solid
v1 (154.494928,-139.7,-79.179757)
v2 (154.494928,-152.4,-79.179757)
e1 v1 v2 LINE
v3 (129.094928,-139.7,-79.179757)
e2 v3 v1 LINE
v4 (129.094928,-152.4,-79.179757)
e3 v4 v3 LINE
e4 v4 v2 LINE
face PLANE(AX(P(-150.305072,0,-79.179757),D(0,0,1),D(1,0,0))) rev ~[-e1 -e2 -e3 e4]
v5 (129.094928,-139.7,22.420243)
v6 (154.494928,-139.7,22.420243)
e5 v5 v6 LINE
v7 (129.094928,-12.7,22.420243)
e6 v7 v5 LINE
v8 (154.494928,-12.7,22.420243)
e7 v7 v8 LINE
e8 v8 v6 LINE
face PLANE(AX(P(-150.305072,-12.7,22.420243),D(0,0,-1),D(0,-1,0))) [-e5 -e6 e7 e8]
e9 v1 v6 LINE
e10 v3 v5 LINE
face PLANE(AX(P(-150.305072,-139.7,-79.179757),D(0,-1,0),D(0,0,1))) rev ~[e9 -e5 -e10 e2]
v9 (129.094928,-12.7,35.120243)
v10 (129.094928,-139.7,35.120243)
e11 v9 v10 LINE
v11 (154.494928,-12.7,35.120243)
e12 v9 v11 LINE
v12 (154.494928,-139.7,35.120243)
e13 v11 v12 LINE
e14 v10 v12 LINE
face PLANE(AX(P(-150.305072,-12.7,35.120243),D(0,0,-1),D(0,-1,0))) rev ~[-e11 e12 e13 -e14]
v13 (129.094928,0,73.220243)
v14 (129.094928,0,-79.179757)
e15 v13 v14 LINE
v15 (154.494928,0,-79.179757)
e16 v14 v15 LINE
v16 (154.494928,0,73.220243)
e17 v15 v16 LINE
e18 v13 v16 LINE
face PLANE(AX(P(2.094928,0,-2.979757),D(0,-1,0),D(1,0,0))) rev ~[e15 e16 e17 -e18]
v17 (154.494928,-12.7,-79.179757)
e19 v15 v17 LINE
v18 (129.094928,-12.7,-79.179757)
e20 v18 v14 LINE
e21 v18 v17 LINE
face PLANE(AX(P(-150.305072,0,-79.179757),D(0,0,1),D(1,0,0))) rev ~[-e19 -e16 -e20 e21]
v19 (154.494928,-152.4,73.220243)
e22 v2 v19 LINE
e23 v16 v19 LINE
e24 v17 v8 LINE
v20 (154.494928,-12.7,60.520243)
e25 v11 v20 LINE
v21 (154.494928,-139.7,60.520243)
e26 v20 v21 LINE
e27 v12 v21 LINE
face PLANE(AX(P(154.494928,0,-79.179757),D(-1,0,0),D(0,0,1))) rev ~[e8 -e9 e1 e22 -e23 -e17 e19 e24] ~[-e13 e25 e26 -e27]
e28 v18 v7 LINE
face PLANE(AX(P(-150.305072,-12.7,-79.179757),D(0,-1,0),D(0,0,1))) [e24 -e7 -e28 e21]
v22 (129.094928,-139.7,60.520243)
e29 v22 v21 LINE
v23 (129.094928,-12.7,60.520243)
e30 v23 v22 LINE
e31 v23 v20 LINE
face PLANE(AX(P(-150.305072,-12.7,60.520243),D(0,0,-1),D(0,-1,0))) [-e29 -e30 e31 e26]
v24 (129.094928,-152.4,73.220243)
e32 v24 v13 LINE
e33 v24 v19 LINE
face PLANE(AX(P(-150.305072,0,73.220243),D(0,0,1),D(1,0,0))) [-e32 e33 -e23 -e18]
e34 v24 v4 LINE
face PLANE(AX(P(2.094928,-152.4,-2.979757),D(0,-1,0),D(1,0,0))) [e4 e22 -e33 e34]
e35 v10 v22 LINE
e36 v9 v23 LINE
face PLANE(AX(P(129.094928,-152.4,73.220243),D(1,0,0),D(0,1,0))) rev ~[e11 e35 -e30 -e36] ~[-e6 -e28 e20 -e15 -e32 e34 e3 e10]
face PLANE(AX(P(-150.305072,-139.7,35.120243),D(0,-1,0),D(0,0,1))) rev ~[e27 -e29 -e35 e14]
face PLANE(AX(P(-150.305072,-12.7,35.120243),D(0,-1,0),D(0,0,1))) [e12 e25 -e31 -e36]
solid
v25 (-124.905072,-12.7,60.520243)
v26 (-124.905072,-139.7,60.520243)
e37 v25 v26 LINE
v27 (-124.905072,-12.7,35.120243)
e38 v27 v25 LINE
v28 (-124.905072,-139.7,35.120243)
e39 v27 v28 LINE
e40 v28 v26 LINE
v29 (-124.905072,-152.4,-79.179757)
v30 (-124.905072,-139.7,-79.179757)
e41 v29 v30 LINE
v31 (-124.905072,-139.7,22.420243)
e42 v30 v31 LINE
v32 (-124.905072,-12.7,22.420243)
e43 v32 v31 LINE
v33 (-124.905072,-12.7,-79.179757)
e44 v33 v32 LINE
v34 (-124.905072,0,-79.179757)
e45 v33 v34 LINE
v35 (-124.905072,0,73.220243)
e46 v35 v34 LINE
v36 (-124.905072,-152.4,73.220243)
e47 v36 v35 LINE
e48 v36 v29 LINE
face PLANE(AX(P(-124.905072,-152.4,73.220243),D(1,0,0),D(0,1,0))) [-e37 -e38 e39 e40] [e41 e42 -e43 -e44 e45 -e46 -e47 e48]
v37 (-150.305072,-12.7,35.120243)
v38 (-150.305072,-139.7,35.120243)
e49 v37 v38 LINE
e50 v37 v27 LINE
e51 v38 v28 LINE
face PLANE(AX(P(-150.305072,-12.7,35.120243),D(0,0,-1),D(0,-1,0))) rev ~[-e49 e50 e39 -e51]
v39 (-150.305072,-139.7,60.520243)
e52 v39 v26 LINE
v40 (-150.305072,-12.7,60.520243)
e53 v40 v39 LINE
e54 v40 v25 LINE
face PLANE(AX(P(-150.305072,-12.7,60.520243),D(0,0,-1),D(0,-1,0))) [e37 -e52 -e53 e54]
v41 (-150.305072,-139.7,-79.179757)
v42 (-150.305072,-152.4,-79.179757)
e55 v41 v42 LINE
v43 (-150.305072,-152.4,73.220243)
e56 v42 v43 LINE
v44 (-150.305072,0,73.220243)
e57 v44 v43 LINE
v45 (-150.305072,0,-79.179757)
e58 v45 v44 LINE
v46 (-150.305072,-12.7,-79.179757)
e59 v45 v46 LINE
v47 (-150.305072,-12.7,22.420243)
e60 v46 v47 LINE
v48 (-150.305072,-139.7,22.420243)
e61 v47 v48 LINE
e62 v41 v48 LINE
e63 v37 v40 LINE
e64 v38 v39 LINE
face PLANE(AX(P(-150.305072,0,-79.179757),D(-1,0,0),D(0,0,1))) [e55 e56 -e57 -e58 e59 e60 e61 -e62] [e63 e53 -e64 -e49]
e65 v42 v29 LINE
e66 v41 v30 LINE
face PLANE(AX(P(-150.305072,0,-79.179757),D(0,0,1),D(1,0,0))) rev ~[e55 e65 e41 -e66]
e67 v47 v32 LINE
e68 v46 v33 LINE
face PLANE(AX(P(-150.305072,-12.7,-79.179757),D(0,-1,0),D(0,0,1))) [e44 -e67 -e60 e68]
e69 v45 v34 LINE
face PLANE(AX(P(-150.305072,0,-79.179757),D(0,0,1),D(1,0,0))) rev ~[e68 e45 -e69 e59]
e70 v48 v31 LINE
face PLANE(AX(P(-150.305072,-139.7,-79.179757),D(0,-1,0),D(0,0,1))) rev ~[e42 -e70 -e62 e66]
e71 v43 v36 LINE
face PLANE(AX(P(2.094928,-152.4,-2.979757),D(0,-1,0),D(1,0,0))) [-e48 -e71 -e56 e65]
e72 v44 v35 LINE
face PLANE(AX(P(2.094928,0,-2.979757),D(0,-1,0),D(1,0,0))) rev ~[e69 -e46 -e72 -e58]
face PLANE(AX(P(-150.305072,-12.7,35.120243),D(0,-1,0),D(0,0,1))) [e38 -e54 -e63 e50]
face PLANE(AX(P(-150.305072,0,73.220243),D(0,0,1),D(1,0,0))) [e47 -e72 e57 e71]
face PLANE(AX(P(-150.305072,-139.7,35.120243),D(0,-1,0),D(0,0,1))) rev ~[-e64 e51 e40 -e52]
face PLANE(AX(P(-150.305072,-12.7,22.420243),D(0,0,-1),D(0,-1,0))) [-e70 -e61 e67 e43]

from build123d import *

# Parameters (mm, degrees)
F0_W     = 304.8
F0_H     = 152.4
F1_DEPTH = 152.4
F2_W     = 127
F2_H     = 25.4
F2_H_2   = 101.6
F3_DEPTH = 304.8
F4_W     = 254
F4_H     = 152.4
F5_DEPTH = 152.4


with BuildPart() as f1:
    # F0 (on Front) → F1 (new body)
    with BuildSketch(Plane.XZ):
        with Locations((2.0949281752, -2.979756714)):
            Rectangle(F0_W, F0_H)
    extrude(amount=F1_DEPTH)

    # F2 (on face) → F3 (cut)
    with BuildSketch(Plane(origin=(-150.3050718248, 0, 0), x_dir=(0, -1, 0), z_dir=(-1, 0, 0))):
        with Locations((76.2, 47.820243286)):
            Rectangle(F2_W, F2_H)
        with Locations((76.2, -28.379756714)):
            Rectangle(F2_W, F2_H_2)
    extrude(amount=-F3_DEPTH, mode=Mode.SUBTRACT)

    # F4 (on face) → F5 (cut)
    with BuildSketch(Plane.XY.offset(73.220243286)):
        with Locations((2.0949281752, -76.2)):
            Rectangle(F4_W, F4_H)
    extrude(amount=-F5_DEPTH, mode=Mode.SUBTRACT)


solid = f1.part
